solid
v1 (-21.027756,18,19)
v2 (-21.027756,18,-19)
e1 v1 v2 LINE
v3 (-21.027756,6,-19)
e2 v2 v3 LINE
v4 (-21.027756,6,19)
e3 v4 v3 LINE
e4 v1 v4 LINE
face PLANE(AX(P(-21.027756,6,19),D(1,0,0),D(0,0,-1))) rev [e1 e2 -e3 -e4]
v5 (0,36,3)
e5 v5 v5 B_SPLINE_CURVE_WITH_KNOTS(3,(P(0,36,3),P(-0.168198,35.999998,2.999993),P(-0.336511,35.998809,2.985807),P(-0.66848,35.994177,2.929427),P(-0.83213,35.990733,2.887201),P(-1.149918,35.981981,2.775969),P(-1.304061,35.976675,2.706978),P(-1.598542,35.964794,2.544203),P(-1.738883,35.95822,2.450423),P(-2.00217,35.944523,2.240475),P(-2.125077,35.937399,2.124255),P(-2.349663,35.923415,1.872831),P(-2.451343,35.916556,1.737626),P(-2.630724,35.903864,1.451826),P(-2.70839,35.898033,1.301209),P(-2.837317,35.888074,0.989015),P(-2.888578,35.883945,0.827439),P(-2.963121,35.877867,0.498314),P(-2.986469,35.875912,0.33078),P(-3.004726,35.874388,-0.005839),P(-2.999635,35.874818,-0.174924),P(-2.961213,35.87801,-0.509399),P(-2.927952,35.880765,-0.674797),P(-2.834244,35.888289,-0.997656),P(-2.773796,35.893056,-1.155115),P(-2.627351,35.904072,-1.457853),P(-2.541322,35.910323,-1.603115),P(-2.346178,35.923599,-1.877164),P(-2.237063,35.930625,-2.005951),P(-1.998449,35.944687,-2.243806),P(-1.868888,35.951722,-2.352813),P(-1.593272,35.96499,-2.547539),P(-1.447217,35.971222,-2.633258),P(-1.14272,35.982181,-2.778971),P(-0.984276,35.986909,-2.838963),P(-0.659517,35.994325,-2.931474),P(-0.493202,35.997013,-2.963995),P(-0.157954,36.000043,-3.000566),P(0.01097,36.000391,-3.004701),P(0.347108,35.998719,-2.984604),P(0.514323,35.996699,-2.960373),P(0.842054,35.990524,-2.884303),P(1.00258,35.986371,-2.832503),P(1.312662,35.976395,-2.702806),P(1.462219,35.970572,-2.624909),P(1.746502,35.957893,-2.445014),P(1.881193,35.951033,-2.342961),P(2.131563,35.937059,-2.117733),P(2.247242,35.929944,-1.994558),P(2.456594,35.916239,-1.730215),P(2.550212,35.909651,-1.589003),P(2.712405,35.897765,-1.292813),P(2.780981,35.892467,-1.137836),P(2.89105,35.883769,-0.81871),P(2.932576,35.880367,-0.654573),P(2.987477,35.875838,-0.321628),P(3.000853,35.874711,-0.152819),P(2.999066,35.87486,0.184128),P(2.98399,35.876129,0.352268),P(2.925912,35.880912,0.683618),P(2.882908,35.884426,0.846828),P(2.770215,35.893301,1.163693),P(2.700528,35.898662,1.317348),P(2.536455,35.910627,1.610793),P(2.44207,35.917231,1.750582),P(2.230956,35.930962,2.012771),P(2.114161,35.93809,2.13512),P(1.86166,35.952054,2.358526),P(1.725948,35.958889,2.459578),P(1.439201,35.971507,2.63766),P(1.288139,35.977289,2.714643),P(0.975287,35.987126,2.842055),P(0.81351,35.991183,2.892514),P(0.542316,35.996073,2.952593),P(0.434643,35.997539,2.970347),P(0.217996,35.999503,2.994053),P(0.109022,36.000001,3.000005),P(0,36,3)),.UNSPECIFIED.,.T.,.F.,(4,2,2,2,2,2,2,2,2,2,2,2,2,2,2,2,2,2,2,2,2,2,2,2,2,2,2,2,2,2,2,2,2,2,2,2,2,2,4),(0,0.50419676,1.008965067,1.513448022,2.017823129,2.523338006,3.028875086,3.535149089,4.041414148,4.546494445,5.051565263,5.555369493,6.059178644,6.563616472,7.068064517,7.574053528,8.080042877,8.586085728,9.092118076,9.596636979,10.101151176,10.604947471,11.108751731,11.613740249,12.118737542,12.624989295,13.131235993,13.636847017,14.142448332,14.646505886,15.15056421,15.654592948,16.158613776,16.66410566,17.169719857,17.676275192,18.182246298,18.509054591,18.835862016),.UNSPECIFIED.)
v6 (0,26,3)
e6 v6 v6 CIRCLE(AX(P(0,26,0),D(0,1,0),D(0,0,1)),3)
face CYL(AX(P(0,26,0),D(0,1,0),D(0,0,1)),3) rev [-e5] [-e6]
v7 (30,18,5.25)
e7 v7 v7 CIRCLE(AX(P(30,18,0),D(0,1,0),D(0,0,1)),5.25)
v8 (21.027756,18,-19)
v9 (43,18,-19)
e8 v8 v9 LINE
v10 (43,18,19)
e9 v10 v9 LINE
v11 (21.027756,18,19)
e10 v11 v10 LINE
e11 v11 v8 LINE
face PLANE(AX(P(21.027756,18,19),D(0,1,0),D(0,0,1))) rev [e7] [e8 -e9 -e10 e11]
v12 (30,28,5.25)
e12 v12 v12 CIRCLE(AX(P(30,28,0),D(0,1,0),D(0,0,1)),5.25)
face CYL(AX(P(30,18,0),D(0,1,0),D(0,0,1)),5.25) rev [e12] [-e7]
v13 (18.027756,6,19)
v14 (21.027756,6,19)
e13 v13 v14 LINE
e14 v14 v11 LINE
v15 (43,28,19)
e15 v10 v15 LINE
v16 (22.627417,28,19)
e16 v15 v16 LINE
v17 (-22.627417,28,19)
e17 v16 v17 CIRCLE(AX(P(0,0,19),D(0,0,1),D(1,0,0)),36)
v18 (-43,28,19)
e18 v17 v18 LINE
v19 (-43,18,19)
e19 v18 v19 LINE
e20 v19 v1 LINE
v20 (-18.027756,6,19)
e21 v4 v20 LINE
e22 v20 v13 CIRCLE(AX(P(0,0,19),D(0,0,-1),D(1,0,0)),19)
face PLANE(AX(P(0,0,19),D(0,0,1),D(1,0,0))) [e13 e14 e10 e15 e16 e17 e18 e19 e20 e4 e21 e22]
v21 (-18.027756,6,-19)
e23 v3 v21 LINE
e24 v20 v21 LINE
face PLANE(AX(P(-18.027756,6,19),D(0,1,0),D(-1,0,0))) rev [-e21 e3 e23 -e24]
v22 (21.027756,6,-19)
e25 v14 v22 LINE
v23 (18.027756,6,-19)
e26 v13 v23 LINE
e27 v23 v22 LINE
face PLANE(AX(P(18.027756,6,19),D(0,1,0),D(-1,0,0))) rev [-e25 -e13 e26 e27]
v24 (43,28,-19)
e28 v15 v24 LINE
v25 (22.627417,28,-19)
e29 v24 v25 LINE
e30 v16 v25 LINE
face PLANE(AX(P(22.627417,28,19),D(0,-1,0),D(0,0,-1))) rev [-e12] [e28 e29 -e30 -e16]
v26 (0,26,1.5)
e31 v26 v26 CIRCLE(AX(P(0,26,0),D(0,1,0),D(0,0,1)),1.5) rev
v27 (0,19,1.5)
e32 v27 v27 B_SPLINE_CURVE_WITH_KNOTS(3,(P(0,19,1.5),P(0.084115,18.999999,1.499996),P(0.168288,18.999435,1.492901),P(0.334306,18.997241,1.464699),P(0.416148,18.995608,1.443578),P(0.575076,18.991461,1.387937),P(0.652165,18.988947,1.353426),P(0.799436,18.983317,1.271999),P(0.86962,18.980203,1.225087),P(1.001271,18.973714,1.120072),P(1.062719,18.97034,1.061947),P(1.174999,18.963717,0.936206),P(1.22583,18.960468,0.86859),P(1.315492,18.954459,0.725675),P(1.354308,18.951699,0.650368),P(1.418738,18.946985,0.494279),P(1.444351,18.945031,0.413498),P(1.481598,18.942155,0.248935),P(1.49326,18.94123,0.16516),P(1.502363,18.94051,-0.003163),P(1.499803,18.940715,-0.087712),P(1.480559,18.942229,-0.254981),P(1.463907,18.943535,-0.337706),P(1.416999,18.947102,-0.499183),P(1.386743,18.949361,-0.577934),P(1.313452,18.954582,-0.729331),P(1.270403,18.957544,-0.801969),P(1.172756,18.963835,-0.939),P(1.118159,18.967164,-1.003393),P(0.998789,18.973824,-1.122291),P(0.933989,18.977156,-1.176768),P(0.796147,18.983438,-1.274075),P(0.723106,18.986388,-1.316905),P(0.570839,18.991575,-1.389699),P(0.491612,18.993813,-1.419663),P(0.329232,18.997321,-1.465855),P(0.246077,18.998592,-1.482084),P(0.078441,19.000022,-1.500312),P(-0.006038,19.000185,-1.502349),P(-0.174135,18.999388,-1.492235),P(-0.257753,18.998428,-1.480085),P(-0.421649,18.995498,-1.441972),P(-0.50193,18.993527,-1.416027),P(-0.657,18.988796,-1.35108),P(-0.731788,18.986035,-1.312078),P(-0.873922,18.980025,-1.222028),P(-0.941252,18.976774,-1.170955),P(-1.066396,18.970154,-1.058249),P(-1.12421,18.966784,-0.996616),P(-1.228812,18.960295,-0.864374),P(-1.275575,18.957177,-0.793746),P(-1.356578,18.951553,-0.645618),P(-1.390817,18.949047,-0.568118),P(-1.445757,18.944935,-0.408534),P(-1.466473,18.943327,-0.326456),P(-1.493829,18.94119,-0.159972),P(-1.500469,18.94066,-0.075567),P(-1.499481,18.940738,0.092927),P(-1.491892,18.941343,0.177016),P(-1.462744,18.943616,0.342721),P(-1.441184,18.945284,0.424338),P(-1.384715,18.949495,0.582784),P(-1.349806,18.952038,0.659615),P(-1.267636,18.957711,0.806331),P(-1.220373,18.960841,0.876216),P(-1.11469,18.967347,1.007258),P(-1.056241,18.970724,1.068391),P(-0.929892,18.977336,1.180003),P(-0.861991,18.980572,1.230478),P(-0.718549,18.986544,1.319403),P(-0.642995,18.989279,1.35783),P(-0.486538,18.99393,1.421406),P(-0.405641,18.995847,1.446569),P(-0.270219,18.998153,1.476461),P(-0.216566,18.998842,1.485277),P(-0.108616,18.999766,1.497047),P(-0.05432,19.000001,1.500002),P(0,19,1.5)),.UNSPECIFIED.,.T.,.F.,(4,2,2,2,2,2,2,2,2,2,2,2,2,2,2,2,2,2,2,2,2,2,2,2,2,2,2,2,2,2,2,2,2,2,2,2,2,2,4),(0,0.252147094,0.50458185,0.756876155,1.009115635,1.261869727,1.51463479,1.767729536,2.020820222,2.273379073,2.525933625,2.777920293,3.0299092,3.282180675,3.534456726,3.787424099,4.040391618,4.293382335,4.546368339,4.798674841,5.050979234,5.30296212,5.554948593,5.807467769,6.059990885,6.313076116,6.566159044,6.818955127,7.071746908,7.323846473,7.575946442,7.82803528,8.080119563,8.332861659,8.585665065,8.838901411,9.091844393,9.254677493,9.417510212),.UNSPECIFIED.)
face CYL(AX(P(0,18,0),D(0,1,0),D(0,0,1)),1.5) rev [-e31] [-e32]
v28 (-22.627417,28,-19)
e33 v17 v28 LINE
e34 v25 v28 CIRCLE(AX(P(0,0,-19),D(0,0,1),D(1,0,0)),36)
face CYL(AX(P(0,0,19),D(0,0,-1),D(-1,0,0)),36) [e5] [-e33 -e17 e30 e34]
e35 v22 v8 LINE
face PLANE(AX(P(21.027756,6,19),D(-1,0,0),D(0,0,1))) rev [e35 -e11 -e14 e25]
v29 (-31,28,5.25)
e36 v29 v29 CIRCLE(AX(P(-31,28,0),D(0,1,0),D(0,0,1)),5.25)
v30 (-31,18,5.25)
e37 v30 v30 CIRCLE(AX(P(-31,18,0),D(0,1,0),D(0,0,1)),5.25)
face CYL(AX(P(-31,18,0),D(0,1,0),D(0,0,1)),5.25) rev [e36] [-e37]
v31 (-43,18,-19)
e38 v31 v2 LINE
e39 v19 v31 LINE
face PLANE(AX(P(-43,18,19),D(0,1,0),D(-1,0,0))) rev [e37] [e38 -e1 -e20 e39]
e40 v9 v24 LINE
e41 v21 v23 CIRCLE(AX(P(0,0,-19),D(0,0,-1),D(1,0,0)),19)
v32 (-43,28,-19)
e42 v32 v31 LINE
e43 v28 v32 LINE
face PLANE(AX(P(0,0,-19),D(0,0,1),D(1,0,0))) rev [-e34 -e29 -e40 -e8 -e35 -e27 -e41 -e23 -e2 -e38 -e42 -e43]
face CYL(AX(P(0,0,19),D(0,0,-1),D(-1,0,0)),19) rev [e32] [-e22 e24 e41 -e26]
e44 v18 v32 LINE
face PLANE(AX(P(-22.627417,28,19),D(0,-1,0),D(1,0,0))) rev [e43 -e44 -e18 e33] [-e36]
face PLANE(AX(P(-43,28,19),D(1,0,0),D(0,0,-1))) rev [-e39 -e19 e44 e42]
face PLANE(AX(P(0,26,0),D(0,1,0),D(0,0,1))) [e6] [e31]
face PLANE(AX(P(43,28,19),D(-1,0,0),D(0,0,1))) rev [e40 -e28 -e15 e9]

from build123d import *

# Parameters (mm, degrees)
BOSS_EXTRUDE1_DEPTH = 19
SKETCH3_R           = 1.5
CUT_EXTRUDE2_DEPTH  = 18
SKETCH2_R           = 5.25
CUT_EXTRUDE4_DEPTH  = 10
SKETCH4_R           = 3
CUT_EXTRUDE5_DEPTH  = 10


with BuildPart() as part:
    # Sketch1 → Boss-Extrude1 (new, symmetric)
    with BuildSketch(Plane.XY):
        with BuildLine():
            Line((21.027756377, 6), (21.027756377, 18))
            Line((21.027756377, 18), (43, 18))
            Line((43, 18), (43, 28))
            Line((43, 28), (22.627416998, 28))
            ThreePointArc((22.627416998, 28), (0, 36), (-22.627416998, 28))
            Line((-22.627416998, 28), (-43, 28))
            Line((-43, 28), (-43, 18))
            Line((-43, 18), (-21.027756377, 18))
            Line((-21.027756377, 18), (-21.027756377, 6))
            Line((-21.027756377, 6), (-18.027756377, 6))
            ThreePointArc((-18.027756377, 6), (0, 19), (18.027756377, 6))
            Line((18.027756377, 6), (21.027756377, 6))
        make_face()
    extrude(amount=BOSS_EXTRUDE1_DEPTH, both=True)

    # Sketch3 → Cut-Extrude2 (cut)
    with BuildSketch(Plane(origin=(0, 36, 0), x_dir=(1, 0, 0), z_dir=(0, 1, 0))):
        with Locations(Location((0, 0, 0), (0, 0, 270))):
            Circle(SKETCH3_R)
    extrude(amount=-CUT_EXTRUDE2_DEPTH, mode=Mode.SUBTRACT)

    # Sketch2 → Cut-Extrude4 (cut)
    with BuildSketch(Plane(origin=(0, 28, 0), x_dir=(1, 0, 0), z_dir=(0, 1, 0))):
        with Locations(Location((30, 0, 0), (0, 0, 270))):
            Circle(SKETCH2_R)
        with Locations(Location((-31, 0, 0), (0, 0, 270))):
            Circle(SKETCH2_R)
    extrude(amount=-CUT_EXTRUDE4_DEPTH, mode=Mode.SUBTRACT)

    # Sketch4 → Cut-Extrude5 (cut)
    with BuildSketch(Plane(origin=(0, 36, 0), x_dir=(1, 0, 0), z_dir=(0, 1, 0))):
        with Locations(Location((0, 0, 0), (0, 0, 270))):
            Circle(SKETCH4_R)
    extrude(amount=-CUT_EXTRUDE5_DEPTH, mode=Mode.SUBTRACT)


solid = part.part
